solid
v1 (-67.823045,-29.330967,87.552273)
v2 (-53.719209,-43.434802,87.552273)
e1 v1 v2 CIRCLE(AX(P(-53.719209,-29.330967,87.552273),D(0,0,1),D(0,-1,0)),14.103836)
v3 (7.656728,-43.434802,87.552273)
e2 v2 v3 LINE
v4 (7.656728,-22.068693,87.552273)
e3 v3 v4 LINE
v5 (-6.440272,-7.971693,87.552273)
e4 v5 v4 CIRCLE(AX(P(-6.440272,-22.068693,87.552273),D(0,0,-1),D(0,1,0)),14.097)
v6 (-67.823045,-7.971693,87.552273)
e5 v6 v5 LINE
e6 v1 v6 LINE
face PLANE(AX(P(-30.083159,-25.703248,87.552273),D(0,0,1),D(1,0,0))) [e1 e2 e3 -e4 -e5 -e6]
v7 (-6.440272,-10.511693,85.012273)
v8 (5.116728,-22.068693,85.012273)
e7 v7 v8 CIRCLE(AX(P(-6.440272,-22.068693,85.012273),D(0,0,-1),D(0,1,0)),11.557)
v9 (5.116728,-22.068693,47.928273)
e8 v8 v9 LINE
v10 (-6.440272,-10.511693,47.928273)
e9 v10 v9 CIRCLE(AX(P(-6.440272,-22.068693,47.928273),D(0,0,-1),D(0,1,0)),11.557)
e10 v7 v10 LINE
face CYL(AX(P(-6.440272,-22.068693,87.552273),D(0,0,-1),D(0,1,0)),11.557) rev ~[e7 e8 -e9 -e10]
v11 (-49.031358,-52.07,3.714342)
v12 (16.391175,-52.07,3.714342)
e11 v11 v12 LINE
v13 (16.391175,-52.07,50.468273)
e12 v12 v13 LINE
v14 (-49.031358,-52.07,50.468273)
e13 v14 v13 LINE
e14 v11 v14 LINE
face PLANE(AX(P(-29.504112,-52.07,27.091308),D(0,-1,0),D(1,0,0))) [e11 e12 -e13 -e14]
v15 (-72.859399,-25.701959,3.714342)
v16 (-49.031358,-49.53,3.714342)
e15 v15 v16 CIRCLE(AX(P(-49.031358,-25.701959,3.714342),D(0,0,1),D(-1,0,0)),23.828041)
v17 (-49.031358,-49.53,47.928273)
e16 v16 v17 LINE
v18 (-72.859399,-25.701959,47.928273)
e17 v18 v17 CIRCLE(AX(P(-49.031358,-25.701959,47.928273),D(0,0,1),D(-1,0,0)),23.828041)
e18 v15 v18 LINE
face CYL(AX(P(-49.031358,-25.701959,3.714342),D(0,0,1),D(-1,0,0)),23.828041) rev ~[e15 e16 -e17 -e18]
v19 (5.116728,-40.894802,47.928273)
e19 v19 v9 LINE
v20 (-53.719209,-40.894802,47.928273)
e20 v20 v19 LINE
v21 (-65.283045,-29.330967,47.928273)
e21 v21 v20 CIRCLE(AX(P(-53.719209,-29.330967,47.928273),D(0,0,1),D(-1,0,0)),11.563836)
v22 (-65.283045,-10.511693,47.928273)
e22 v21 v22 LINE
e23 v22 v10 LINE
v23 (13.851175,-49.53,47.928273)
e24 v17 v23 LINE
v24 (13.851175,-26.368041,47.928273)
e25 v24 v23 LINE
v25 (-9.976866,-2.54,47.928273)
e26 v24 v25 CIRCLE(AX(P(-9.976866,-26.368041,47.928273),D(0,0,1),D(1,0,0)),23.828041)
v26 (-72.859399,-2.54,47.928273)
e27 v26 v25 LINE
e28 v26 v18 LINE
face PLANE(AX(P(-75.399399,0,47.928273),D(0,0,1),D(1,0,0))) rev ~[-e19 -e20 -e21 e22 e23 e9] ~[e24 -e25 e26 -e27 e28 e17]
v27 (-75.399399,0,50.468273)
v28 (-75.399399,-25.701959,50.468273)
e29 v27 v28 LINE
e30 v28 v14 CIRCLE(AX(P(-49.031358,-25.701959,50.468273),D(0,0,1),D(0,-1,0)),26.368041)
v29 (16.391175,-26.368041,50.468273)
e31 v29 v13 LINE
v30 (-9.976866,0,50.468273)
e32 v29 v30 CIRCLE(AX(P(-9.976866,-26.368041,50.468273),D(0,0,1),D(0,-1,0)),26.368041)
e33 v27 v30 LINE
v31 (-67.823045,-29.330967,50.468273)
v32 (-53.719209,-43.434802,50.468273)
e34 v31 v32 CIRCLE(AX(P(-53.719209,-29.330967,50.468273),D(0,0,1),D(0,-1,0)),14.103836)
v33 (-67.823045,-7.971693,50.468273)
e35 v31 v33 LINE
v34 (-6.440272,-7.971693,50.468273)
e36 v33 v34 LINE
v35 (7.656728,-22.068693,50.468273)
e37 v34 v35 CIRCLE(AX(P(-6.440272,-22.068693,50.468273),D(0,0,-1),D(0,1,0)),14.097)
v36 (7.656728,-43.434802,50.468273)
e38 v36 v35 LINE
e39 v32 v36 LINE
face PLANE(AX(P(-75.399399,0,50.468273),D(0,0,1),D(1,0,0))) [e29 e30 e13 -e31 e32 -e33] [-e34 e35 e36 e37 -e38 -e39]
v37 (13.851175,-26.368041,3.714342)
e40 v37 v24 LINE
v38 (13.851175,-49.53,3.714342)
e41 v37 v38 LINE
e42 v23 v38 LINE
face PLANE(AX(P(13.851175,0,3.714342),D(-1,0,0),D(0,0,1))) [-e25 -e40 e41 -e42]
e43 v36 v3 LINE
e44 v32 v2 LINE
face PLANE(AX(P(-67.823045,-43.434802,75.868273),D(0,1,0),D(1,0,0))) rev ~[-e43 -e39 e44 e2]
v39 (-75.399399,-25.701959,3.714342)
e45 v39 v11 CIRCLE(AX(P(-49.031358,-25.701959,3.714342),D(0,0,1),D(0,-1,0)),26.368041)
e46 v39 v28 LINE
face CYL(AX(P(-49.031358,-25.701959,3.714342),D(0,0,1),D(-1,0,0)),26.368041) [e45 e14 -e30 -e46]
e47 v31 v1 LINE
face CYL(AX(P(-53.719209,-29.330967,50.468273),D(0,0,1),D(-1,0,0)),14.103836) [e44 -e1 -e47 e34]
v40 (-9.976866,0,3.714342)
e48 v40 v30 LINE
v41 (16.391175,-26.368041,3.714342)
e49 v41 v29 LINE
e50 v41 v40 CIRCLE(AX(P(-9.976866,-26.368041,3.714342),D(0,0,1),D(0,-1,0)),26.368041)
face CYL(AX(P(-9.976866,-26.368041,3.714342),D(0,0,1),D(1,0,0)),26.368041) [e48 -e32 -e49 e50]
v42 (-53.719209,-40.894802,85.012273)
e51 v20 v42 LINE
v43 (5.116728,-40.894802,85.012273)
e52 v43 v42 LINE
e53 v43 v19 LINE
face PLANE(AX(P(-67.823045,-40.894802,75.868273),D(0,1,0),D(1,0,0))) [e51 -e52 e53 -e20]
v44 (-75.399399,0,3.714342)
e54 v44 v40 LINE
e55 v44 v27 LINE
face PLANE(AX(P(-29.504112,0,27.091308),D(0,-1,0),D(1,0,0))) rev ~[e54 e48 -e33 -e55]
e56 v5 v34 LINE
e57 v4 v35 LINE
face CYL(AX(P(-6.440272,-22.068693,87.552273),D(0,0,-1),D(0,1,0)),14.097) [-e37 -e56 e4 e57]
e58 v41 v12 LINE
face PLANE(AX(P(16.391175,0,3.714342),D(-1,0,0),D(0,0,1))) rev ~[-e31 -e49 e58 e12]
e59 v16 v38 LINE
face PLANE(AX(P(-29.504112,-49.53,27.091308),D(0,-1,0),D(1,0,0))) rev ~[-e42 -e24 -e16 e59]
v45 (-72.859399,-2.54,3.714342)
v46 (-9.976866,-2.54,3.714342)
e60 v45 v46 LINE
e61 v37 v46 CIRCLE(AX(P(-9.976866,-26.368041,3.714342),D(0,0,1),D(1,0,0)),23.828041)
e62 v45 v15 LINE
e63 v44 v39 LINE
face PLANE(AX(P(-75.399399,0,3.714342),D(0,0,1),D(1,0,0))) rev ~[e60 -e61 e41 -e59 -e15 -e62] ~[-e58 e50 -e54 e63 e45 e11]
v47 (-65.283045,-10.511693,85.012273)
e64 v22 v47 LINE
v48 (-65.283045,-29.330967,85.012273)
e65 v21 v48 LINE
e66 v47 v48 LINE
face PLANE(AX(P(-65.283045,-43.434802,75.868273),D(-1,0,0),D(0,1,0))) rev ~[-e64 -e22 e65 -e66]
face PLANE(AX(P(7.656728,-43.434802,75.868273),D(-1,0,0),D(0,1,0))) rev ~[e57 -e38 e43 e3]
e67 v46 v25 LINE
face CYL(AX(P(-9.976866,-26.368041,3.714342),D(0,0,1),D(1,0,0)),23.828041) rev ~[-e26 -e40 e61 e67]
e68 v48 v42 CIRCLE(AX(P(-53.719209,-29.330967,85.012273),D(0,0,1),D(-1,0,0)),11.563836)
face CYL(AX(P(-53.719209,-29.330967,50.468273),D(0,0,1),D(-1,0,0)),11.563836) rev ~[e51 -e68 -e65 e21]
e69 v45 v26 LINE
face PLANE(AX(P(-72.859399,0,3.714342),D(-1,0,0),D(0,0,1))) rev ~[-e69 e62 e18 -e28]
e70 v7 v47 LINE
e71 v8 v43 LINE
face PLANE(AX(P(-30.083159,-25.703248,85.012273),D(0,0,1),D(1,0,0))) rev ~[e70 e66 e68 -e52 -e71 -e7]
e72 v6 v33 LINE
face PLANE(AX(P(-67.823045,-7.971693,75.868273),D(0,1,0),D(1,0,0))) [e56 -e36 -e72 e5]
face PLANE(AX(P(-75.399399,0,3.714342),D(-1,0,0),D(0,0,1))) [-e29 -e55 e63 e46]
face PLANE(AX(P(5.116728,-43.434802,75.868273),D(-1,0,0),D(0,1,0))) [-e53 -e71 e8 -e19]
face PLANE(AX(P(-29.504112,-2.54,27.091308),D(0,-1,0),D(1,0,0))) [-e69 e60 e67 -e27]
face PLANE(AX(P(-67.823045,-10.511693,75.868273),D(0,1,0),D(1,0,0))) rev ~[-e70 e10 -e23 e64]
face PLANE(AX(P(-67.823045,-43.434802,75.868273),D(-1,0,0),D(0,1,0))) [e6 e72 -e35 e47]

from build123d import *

# Parameters (mm, degrees)
F0_W     = 91.7905736715
F0_H     = 46.7539317906
F1_DEPTH = 52.07
F2_R     = 26.3680405282
F3_W     = 75.4797728732
F3_H     = 35.4631096125
F4_DEPTH = 25.4
F5_DEPTH = 11.684
F6_R     = 14.1038356314
F7_R     = 14.097
F8_T     = -2.54


with BuildPart() as f1:
    # F0 (on Front) → F1 (new body)
    with BuildSketch(Plane.XZ):
        with Locations((-29.504111968, 27.0913075656)):
            Rectangle(F0_W, F0_H)
    extrude(amount=F1_DEPTH)

    # F2
    f2_edges = [f1.edges().sort_by_distance(p)[0] for p in [
        (-75.399399, -52.07, 27.091308),
        (16.391175, 0, 27.091308),
    ]]
    fillet(f2_edges, radius=F2_R)

    # F3 (on face) → F4 (join)
    with BuildSketch(Plane.XY.offset(50.4682734609)):
        with Locations((-30.0831585191, -25.7032476366)):
            Rectangle(F3_W, F3_H)
    extrude(amount=F4_DEPTH)

    # F5 (add): a face of the model
    f5_faces = [f1.faces().sort_by_distance(p)[0] for p in [
        (-30.0831585191, -25.7032476366, 75.8682734609),
    ]]
    extrude(f5_faces, amount=F5_DEPTH)

    # F6
    f6_edges = [f1.edges().sort_by_distance(p)[0] for p in [
        (-67.823045, -43.434802, 69.010273),
    ]]
    fillet(f6_edges, radius=F6_R)

    # F7
    f7_edges = [f1.edges().sort_by_distance(p)[0] for p in [
        (7.656728, -7.971693, 69.010273),
    ]]
    fillet(f7_edges, radius=F7_R)

    # F8
    f8_openings = [f1.faces().sort_by_distance(p)[0] for p in [
        (-29.504112, -26.035, 3.714342),
    ]]
    offset(amount=F8_T, openings=f8_openings, kind=Kind.INTERSECTION)


solid = f1.part
